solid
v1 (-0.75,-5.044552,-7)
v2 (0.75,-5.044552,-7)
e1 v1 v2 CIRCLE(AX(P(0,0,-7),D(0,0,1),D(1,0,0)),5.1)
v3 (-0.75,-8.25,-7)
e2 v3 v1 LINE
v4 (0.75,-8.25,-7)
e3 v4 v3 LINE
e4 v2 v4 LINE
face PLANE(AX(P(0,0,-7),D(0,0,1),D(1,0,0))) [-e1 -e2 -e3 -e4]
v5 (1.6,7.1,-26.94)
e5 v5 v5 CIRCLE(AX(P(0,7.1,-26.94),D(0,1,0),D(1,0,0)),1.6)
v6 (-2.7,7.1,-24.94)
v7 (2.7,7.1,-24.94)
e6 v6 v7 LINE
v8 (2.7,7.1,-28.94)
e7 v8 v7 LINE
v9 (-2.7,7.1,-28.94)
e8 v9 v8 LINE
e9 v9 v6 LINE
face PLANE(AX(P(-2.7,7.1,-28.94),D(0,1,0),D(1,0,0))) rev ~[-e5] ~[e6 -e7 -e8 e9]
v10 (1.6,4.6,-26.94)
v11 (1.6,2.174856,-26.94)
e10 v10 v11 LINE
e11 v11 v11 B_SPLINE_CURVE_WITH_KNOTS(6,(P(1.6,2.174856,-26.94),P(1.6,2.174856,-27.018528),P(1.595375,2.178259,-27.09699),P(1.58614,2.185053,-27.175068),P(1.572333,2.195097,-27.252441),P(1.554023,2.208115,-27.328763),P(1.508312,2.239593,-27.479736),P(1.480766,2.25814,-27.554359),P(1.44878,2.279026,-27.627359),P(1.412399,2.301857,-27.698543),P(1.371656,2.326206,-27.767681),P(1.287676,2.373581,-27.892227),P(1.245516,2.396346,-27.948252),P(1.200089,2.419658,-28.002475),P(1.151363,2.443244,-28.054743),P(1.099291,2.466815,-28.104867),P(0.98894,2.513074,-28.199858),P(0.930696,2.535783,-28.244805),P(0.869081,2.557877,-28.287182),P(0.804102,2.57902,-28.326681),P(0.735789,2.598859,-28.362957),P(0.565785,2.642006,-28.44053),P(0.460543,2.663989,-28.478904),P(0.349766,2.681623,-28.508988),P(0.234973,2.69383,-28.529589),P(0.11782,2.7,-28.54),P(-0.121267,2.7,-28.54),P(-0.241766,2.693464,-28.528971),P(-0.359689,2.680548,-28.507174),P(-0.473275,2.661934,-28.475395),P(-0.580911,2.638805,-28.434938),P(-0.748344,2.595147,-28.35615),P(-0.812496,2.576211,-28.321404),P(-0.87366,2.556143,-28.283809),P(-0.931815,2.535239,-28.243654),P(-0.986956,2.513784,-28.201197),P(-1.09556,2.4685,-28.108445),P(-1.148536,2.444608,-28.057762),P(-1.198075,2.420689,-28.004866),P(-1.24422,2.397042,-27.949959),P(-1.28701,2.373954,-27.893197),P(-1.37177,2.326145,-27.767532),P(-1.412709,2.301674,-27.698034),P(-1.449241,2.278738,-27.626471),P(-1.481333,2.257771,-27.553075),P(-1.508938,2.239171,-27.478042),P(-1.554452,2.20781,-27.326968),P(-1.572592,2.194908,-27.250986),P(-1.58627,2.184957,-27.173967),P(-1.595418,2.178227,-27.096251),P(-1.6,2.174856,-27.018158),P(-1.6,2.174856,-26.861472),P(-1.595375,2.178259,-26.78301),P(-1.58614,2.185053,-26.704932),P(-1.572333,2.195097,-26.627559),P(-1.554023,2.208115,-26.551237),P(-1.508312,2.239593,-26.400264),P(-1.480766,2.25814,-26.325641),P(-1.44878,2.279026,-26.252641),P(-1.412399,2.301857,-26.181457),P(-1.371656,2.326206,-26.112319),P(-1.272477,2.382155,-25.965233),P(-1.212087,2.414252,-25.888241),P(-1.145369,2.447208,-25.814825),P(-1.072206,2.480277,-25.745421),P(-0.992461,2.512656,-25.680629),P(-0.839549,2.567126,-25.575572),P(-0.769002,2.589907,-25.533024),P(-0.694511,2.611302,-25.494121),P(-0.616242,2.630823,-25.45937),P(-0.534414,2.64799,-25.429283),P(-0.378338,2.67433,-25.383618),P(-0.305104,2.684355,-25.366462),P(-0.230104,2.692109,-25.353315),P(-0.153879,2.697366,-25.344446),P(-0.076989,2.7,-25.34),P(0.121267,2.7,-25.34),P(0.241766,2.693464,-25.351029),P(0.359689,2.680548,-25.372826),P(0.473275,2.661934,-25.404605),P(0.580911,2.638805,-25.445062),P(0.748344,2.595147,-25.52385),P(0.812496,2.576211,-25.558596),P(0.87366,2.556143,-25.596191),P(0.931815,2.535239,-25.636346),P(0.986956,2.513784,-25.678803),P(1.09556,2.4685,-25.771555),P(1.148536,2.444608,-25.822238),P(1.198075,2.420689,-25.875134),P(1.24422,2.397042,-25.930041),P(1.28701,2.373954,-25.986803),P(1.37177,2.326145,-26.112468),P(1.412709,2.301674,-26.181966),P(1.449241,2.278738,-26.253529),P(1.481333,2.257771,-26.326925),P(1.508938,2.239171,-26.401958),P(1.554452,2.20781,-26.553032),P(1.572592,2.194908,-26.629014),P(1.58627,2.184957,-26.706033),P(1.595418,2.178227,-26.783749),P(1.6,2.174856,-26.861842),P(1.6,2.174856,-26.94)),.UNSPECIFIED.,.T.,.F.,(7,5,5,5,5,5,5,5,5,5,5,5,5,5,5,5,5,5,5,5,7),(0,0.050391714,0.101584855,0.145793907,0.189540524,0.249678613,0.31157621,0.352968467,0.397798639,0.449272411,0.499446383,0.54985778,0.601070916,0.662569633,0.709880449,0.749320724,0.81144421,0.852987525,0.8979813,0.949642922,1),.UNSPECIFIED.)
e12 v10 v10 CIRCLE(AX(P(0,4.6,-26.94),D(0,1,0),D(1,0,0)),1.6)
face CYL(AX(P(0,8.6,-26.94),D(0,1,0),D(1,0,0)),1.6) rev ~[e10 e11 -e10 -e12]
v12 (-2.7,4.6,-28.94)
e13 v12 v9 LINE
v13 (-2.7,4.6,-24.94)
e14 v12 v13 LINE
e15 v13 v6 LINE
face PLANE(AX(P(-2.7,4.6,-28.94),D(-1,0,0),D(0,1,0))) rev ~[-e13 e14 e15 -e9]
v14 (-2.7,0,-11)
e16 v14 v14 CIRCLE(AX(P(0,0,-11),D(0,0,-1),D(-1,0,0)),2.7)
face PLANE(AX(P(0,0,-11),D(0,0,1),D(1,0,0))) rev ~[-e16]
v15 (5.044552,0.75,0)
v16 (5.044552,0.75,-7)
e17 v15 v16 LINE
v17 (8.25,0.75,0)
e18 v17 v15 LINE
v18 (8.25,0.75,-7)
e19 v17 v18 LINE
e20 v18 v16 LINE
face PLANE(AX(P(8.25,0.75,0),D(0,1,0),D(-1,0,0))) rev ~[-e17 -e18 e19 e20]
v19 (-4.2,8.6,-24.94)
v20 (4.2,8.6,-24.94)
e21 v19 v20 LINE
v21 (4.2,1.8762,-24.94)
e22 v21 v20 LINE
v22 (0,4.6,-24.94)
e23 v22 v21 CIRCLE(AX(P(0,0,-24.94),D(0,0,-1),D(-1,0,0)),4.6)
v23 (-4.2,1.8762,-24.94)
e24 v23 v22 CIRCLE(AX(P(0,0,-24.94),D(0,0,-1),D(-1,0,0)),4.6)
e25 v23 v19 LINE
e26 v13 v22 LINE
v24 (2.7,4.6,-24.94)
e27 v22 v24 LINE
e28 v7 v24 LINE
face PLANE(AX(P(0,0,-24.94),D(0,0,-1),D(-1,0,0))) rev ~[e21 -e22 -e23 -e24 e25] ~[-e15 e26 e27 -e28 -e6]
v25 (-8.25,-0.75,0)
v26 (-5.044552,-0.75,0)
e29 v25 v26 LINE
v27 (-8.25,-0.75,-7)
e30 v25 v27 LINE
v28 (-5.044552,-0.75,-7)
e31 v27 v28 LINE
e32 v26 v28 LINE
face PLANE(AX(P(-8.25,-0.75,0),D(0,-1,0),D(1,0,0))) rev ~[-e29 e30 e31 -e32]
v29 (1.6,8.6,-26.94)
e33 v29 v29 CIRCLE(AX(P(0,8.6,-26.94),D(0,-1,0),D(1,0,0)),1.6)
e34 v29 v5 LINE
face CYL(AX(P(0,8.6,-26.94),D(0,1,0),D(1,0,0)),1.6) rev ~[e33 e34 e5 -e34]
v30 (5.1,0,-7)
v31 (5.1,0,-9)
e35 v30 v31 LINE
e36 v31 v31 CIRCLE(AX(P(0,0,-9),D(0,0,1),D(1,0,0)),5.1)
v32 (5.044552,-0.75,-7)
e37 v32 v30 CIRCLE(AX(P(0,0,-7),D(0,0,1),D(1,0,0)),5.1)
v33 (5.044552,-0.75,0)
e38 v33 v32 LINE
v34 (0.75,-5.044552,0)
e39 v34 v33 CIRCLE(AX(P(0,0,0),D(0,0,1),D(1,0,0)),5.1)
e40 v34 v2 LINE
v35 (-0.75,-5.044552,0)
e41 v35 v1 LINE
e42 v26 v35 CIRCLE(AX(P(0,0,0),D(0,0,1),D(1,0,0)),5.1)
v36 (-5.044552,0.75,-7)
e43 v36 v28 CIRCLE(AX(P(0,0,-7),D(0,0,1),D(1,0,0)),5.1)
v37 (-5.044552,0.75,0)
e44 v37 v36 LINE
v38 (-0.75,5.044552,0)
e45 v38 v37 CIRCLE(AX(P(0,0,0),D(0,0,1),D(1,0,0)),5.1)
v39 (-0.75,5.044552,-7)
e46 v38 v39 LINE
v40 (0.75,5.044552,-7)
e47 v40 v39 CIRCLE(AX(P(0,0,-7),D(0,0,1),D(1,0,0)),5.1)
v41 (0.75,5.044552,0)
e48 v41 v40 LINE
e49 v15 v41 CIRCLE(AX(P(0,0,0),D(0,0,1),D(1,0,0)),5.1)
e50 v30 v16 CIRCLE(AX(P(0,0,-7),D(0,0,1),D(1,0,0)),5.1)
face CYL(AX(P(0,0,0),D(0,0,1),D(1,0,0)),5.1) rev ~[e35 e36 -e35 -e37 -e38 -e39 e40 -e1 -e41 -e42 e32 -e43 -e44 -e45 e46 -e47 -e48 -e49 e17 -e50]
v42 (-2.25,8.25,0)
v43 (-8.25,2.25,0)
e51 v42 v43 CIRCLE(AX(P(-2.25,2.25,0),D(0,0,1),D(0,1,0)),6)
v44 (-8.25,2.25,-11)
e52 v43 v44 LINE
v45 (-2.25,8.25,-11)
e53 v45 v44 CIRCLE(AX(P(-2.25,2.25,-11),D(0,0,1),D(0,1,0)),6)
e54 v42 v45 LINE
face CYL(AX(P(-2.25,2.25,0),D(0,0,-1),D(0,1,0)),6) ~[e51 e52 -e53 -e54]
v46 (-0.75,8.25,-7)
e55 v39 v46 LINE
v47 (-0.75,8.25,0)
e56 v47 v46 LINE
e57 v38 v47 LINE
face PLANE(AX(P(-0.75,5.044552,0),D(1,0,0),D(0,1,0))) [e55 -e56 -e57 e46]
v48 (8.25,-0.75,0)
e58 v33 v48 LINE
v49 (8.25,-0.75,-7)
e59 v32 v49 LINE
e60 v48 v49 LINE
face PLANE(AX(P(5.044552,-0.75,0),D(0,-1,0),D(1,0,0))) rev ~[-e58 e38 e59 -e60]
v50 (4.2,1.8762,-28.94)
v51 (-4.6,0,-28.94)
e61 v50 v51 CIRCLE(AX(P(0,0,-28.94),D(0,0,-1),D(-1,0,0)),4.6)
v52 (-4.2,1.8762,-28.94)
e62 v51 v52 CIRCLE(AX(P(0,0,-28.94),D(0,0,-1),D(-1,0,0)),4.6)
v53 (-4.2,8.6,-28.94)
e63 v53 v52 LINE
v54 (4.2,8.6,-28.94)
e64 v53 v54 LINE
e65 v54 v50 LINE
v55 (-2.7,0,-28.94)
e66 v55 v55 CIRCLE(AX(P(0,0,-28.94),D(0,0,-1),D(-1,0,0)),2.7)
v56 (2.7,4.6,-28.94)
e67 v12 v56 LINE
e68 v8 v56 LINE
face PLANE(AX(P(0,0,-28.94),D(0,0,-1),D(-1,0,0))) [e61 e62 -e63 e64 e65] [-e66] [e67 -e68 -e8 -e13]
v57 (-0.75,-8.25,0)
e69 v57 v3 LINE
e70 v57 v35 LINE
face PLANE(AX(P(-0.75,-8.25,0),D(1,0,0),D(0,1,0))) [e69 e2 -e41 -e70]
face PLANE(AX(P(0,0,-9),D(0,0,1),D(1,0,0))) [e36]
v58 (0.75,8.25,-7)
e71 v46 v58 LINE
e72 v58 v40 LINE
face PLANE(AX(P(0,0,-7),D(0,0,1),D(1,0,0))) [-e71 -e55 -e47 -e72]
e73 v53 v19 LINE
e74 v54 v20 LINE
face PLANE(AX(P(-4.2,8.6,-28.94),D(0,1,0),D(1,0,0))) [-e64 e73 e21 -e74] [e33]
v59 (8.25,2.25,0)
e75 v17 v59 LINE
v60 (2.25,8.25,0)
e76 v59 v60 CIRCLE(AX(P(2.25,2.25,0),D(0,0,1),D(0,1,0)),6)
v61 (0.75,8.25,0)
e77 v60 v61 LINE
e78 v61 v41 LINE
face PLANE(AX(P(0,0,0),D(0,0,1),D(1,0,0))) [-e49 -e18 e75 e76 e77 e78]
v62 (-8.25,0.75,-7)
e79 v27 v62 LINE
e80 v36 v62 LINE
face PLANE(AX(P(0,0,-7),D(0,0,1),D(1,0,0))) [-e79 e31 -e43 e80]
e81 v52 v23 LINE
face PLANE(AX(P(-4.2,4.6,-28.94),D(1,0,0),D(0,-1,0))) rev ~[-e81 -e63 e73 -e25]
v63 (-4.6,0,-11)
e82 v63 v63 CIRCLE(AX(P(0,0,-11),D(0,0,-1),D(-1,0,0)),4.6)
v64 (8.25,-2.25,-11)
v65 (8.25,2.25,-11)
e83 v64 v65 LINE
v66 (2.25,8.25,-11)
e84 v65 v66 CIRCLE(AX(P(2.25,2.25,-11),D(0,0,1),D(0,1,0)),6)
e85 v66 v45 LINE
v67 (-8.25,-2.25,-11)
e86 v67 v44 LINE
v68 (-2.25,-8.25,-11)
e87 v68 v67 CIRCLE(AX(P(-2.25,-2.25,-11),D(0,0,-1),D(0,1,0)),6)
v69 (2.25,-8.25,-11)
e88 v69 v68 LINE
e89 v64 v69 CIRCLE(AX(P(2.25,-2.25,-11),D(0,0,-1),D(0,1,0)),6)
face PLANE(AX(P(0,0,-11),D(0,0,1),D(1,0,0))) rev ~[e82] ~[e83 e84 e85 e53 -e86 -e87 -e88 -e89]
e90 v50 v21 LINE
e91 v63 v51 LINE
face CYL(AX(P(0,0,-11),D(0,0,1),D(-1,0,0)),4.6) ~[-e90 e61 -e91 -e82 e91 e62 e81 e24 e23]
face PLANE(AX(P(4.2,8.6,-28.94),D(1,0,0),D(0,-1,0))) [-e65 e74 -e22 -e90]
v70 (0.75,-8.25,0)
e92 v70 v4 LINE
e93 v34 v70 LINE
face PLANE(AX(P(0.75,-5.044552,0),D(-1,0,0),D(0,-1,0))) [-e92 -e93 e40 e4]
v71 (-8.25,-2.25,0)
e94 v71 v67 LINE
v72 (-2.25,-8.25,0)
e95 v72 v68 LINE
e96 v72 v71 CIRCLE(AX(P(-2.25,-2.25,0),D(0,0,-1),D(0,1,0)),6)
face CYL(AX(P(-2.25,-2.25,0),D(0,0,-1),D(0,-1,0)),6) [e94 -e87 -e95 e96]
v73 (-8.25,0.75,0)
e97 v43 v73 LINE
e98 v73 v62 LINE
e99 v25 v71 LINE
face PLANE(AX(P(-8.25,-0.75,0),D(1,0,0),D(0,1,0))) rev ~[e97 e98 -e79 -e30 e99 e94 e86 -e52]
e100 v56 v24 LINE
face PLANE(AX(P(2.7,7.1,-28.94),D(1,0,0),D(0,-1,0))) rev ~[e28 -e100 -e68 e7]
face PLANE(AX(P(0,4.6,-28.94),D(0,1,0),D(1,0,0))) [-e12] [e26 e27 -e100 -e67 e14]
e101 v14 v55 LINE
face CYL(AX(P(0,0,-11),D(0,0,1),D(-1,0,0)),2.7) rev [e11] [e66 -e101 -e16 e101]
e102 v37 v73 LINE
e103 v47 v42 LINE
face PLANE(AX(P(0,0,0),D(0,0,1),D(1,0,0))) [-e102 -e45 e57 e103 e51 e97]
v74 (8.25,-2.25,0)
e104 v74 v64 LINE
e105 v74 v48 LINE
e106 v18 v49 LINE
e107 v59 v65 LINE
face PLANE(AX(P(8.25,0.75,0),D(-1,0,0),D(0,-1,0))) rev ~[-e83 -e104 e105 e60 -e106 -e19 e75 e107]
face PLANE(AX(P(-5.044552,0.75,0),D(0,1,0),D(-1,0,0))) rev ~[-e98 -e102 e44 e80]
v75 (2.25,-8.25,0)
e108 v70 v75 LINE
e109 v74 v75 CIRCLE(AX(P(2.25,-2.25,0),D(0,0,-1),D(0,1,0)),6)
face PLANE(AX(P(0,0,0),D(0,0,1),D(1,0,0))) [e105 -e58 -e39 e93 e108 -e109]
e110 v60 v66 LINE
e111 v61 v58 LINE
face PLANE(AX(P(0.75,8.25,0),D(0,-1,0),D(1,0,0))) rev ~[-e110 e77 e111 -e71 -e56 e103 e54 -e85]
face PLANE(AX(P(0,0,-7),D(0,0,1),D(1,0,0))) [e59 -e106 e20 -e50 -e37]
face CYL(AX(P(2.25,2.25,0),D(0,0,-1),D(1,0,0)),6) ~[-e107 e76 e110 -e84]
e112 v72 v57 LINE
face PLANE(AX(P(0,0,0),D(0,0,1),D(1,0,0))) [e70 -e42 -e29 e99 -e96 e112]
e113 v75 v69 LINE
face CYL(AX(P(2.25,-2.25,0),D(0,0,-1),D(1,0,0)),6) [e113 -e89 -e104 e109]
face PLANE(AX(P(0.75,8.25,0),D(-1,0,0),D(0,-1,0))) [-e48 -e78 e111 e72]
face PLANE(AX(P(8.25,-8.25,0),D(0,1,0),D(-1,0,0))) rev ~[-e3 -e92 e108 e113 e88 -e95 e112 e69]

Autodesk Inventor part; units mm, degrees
ref_plane "YZ Plane" through (0, 0, 0) normal (1, 0, 0) x (0, 1, 0)
ref_plane "XY Plane" through (0, 0, 0) normal (0, 0, 1) x (1, 0, 0)
sketch "Sketch1" plane through (0, 0, 0) normal (0, 0, 1) x (1, 0, 0)
  circle A0 centre (0, 0) radius 5.1
  line L0 (-8.25, 8.25) -> (8.25, 8.25)
  line L1 (8.25, 8.25) -> (8.25, -8.25)
  line L2 (8.25, -8.25) -> (-8.25, -8.25)
  line L3 (-8.25, -8.25) -> (-8.25, 8.25)
  line L4 (-8.25, 8.25) -> (8.25, -8.25) construction
  line L5 (8.25, 8.25) -> (-8.25, -8.25) construction
  line L6 (0.75, -8.25) -> (-0.75, -8.25)
  line L7 (-0.75, -8.25) -> (-0.75, 8.25)
  line L8 (-0.75, 8.25) -> (0.75, 8.25)
  line L9 (0.75, 8.25) -> (0.75, -8.25)
  line L10 (0.75, -8.25) -> (-0.75, 8.25) construction
  line L11 (-0.75, -8.25) -> (0.75, 8.25) construction
  line L12 (8.25, 0.75) -> (-8.25, 0.75)
  line L13 (-8.25, 0.75) -> (-8.25, -0.75)
  line L14 (-8.25, -0.75) -> (8.25, -0.75)
  line L15 (8.25, -0.75) -> (8.25, 0.75)
  line L16 (8.25, 0.75) -> (-8.25, -0.75) construction
  line L17 (-8.25, 0.75) -> (8.25, -0.75) construction
  point P0 (0.75, -5.0446)
  point P1 (5.0446, -0.75)
  point P2 (5.0446, 0.75)
  point P3 (0.75, 5.0446)
  point P4 (-0.75, 5.0446)
  point P5 (-5.0446, 0.75)
  point P6 (-5.0446, -0.75)
  point P7 (-0.75, -5.0446)
  dimension "d0" = 10.2
  dimension "d1" = 16.5
  dimension "d2" = 1.5
  dimension "d3" = 1.5
  dimension "d38" = 16.5
extrude "Extrusion1" add sketch "Sketch1" against normal blind 11
extrude "Extrusion2" cut sketch "Sketch1" against normal blind 7 contours A0 L14 L9 L12 | A0 L12 L1 L14 | L12 L9 A0 | A0 L9 L14 | L9 L12 L7 A0 | A0 L7 L0 L9 | L9 L14 L7 L12 | L9 L2 L7 A0 | A0 L7 L14 L9 | L7 L12 A0 | L7 L14 A0 L12 | A0 L14 L7 | A0 L14 L3 L12
sketch "Sketch2" plane through (0, 0, -11) normal (0, 0, -1) x (-1, 0, 0)
  circle A0 centre (0, 0) radius 5
  dimension "d8" = 10
extrude "Extrusion3" [suppressed]
fillet "Fillet1" radius 6 4 edges at (8.25, 8.25, -5.5) (8.25, -8.25, -5.5) (-8.25, -8.25, -5.5) (-8.25, 8.25, -5.5)
sketch "Sketch3" plane through (0, 0, -26) normal (0, 0, -1) x (-1, 0, 0)
  line L0 (4, 2.7238) -> (10.2, 2.7238)
  line L1 (10.2, 2.7238) -> (10.2, -2.0551)
  line L2 (10.2, -2.0551) -> (4, -2.0551)
  line L3 (4, -2.0551) -> (4, 2.7238)
  arc A0 (2.5948, 0.1645) -> (2.1, -1.533) centre (0, 0) ccw
  circle A1 centre (0, 0) radius 5 projected
  line L4 (0, 5) -> (10.2, 5)
  line L5 (10.2, 5) -> (10.2, -5)
  line L6 (10.2, -5) -> (0, -5)
  arc A2 (8.25, 2.25) -> (2.25, 8.25) centre (2.25, 2.25) ccw projected
  line L7 (2.25, 8.25) -> (-2.25, 8.25) projected
  arc A3 (-2.25, 8.25) -> (-8.25, 2.25) centre (-2.25, 2.25) ccw projected
  line L8 (-8.25, 2.25) -> (-8.25, -2.25) projected
  arc A4 (-8.25, -2.25) -> (-2.25, -8.25) centre (-2.25, -2.25) ccw projected
  line L9 (-2.25, -8.25) -> (2.25, -8.25) projected
  arc A5 (2.25, -8.25) -> (8.25, -2.25) centre (2.25, -2.25) ccw projected
  line L10 (8.25, -2.25) -> (8.25, 2.25) projected
  line L11 (-2.6, -2.9034) -> (-2.6, 2.8378)
  circle A6 centre (0, 0) radius 2.6
  point P0 (0.75, 5.0446)
  point P1 (2.1, -1.533)
  point P2 (2.5948, 0.1645)
  dimension "d12" = 6.2
  dimension "d13" = 4
  dimension "d14" = 5.2
extrude "Extrusion4" [suppressed]
sketch "Sketch4" plane through (-10.2, -5, -26) normal (-1, 0, 0) x (0, 0, 1)
  circle A0 centre (4, 5) radius 1.7
  line L0 (0, 0) -> (0, 10) projected
  point P0 (26, 5)
  point P1 (0, 5)
  point P2 (0, 5)
  dimension "d17" = 3.4
  dimension "d18" = 4
extrude "Extrusion5" [suppressed]
extrude "Extrusion6" [suppressed]
fillet "Fillet2" [suppressed]
fillet "Fillet3" [suppressed]
sketch "Sketch5" plane through (0, 0, -11) normal (0, 0, -1) x (-1, 0, 0)
  arc A0 (8.25, 2.25) -> (2.25, 8.25) centre (2.25, 2.25) ccw projected
  line L0 (2.25, 8.25) -> (-2.25, 8.25) projected
  arc A1 (-2.25, 8.25) -> (-8.25, 2.25) centre (-2.25, 2.25) ccw projected
  line L1 (-8.25, 2.25) -> (-8.25, -2.25) projected
  arc A2 (-8.25, -2.25) -> (-2.25, -8.25) centre (-2.25, -2.25) ccw projected
  line L2 (-2.25, -8.25) -> (2.25, -8.25) projected
  arc A3 (2.25, -8.25) -> (8.25, -2.25) centre (2.25, -2.25) ccw projected
  line L3 (8.25, -2.25) -> (8.25, 2.25) projected
  line L4 (-5.5, 5.5) -> (5.5, 5.5)
  line L5 (5.5, 5.5) -> (5.5, -5.5)
  line L6 (5.5, -5.5) -> (-5.5, -5.5)
  line L7 (-5.5, -5.5) -> (-5.5, 5.5)
  line L8 (-5.5, 5.5) -> (5.5, -5.5) construction
  line L9 (5.5, 5.5) -> (-5.5, -5.5) construction
  point P0 (0, 0)
  dimension "d31" = 11
  dimension "d32" = 11
extrude "Extrusion7" [suppressed]
sketch "Sketch6" plane through (0, 0, -7) normal (0, 0, 1) x (1, 0, 0)
  circle A0 centre (0, 0) radius 5.1
extrude "Extrusion8" cut sketch "Sketch6" against normal blind 2
sketch "Sketch7" plane through (0, 0, -11) normal (0, 0, -1) x (-1, 0, 0)
  circle A0 centre (0, 0) radius 4.6
  circle A1 centre (0, 0) radius 2.7
  dimension "d35" = 9.2
  dimension "d39" = 5.4
extrude "Extrusion9" add sketch "Sketch7" along normal blind 17.94
ref_plane "Work Plane1" through (0, 4.6, -11) normal (0, 1, 0) x (-1, 0, 0)
sketch "Sketch8" plane through (0, 4.6, -11) normal (0, 1, 0) x (-1, 0, 0)
  line L0 (2.7, -17.94) -> (-2.7, -17.94)
  line L1 (-2.7, -17.94) -> (-2.7, -14.94)
  line L2 (-2.7, -14.94) -> (2.7, -14.94)
  line L3 (2.7, -14.94) -> (2.7, -17.94)
  line L4 (-4.6, -17.94) -> (4.6, -17.94) projected
  point P0 (0, 11)
  point P1 (0, -17.94)
  dimension "d40" = 5.4
  dimension "d41" = 3
sketch "Sketch9" plane through (0, 0, -28.94) normal (0, 0, -1) x (-1, 0, 0)
  line L0 (2.7, 4.6) -> (-2.7, 4.6) projected
  line L1 (-2.7, 4.6) -> (2.7, 4.6)
  line L2 (2.7, 4.6) -> (2.7, 7.1)
  line L3 (2.7, 7.1) -> (-2.7, 7.1)
  line L4 (-2.7, 7.1) -> (-2.7, 4.6)
  line L5 (-4.2, 4.6) -> (4.2, 4.6)
  line L6 (4.2, 4.6) -> (4.2, 8.6)
  line L7 (4.2, 8.6) -> (-4.2, 8.6)
  line L8 (-4.2, 8.6) -> (-4.2, 4.6)
  line L9 (-4.2, 4.6) -> (-4.2, 1.8762)
  circle A0 centre (0, 0) radius 4.6 projected
  line L10 (4.2, 4.6) -> (4.2, 1.8762)
  point P0 (0, 4.6)
  dimension "d42" = 5.4
  dimension "d43" = 2.5
  dimension "d44" = 1.5
  dimension "d45" = 1.5
  dimension "d46" = 1.5
extrude "Extrusion10" add sketch "Sketch9" against normal blind 4 contours L5 L10 A0 L0 | L2 L3 L4 L5 L8 L7 L6 | A0 L9 L5 L0
sketch "Sketch10" plane through (-4.2, 8.6, -28.94) normal (0, 1, 0) x (1, 0, 0)
  line L0 (4.2, -4) -> (4.2, 0) projected
  circle A0 centre (4.2, -2) radius 1.6
  point P0 (4.2, -28.94)
  dimension "d49" = 3.2
extrude "Extrusion11" cut sketch "Sketch10" against normal blind 9.25
properties part number "rubik_adapter"
